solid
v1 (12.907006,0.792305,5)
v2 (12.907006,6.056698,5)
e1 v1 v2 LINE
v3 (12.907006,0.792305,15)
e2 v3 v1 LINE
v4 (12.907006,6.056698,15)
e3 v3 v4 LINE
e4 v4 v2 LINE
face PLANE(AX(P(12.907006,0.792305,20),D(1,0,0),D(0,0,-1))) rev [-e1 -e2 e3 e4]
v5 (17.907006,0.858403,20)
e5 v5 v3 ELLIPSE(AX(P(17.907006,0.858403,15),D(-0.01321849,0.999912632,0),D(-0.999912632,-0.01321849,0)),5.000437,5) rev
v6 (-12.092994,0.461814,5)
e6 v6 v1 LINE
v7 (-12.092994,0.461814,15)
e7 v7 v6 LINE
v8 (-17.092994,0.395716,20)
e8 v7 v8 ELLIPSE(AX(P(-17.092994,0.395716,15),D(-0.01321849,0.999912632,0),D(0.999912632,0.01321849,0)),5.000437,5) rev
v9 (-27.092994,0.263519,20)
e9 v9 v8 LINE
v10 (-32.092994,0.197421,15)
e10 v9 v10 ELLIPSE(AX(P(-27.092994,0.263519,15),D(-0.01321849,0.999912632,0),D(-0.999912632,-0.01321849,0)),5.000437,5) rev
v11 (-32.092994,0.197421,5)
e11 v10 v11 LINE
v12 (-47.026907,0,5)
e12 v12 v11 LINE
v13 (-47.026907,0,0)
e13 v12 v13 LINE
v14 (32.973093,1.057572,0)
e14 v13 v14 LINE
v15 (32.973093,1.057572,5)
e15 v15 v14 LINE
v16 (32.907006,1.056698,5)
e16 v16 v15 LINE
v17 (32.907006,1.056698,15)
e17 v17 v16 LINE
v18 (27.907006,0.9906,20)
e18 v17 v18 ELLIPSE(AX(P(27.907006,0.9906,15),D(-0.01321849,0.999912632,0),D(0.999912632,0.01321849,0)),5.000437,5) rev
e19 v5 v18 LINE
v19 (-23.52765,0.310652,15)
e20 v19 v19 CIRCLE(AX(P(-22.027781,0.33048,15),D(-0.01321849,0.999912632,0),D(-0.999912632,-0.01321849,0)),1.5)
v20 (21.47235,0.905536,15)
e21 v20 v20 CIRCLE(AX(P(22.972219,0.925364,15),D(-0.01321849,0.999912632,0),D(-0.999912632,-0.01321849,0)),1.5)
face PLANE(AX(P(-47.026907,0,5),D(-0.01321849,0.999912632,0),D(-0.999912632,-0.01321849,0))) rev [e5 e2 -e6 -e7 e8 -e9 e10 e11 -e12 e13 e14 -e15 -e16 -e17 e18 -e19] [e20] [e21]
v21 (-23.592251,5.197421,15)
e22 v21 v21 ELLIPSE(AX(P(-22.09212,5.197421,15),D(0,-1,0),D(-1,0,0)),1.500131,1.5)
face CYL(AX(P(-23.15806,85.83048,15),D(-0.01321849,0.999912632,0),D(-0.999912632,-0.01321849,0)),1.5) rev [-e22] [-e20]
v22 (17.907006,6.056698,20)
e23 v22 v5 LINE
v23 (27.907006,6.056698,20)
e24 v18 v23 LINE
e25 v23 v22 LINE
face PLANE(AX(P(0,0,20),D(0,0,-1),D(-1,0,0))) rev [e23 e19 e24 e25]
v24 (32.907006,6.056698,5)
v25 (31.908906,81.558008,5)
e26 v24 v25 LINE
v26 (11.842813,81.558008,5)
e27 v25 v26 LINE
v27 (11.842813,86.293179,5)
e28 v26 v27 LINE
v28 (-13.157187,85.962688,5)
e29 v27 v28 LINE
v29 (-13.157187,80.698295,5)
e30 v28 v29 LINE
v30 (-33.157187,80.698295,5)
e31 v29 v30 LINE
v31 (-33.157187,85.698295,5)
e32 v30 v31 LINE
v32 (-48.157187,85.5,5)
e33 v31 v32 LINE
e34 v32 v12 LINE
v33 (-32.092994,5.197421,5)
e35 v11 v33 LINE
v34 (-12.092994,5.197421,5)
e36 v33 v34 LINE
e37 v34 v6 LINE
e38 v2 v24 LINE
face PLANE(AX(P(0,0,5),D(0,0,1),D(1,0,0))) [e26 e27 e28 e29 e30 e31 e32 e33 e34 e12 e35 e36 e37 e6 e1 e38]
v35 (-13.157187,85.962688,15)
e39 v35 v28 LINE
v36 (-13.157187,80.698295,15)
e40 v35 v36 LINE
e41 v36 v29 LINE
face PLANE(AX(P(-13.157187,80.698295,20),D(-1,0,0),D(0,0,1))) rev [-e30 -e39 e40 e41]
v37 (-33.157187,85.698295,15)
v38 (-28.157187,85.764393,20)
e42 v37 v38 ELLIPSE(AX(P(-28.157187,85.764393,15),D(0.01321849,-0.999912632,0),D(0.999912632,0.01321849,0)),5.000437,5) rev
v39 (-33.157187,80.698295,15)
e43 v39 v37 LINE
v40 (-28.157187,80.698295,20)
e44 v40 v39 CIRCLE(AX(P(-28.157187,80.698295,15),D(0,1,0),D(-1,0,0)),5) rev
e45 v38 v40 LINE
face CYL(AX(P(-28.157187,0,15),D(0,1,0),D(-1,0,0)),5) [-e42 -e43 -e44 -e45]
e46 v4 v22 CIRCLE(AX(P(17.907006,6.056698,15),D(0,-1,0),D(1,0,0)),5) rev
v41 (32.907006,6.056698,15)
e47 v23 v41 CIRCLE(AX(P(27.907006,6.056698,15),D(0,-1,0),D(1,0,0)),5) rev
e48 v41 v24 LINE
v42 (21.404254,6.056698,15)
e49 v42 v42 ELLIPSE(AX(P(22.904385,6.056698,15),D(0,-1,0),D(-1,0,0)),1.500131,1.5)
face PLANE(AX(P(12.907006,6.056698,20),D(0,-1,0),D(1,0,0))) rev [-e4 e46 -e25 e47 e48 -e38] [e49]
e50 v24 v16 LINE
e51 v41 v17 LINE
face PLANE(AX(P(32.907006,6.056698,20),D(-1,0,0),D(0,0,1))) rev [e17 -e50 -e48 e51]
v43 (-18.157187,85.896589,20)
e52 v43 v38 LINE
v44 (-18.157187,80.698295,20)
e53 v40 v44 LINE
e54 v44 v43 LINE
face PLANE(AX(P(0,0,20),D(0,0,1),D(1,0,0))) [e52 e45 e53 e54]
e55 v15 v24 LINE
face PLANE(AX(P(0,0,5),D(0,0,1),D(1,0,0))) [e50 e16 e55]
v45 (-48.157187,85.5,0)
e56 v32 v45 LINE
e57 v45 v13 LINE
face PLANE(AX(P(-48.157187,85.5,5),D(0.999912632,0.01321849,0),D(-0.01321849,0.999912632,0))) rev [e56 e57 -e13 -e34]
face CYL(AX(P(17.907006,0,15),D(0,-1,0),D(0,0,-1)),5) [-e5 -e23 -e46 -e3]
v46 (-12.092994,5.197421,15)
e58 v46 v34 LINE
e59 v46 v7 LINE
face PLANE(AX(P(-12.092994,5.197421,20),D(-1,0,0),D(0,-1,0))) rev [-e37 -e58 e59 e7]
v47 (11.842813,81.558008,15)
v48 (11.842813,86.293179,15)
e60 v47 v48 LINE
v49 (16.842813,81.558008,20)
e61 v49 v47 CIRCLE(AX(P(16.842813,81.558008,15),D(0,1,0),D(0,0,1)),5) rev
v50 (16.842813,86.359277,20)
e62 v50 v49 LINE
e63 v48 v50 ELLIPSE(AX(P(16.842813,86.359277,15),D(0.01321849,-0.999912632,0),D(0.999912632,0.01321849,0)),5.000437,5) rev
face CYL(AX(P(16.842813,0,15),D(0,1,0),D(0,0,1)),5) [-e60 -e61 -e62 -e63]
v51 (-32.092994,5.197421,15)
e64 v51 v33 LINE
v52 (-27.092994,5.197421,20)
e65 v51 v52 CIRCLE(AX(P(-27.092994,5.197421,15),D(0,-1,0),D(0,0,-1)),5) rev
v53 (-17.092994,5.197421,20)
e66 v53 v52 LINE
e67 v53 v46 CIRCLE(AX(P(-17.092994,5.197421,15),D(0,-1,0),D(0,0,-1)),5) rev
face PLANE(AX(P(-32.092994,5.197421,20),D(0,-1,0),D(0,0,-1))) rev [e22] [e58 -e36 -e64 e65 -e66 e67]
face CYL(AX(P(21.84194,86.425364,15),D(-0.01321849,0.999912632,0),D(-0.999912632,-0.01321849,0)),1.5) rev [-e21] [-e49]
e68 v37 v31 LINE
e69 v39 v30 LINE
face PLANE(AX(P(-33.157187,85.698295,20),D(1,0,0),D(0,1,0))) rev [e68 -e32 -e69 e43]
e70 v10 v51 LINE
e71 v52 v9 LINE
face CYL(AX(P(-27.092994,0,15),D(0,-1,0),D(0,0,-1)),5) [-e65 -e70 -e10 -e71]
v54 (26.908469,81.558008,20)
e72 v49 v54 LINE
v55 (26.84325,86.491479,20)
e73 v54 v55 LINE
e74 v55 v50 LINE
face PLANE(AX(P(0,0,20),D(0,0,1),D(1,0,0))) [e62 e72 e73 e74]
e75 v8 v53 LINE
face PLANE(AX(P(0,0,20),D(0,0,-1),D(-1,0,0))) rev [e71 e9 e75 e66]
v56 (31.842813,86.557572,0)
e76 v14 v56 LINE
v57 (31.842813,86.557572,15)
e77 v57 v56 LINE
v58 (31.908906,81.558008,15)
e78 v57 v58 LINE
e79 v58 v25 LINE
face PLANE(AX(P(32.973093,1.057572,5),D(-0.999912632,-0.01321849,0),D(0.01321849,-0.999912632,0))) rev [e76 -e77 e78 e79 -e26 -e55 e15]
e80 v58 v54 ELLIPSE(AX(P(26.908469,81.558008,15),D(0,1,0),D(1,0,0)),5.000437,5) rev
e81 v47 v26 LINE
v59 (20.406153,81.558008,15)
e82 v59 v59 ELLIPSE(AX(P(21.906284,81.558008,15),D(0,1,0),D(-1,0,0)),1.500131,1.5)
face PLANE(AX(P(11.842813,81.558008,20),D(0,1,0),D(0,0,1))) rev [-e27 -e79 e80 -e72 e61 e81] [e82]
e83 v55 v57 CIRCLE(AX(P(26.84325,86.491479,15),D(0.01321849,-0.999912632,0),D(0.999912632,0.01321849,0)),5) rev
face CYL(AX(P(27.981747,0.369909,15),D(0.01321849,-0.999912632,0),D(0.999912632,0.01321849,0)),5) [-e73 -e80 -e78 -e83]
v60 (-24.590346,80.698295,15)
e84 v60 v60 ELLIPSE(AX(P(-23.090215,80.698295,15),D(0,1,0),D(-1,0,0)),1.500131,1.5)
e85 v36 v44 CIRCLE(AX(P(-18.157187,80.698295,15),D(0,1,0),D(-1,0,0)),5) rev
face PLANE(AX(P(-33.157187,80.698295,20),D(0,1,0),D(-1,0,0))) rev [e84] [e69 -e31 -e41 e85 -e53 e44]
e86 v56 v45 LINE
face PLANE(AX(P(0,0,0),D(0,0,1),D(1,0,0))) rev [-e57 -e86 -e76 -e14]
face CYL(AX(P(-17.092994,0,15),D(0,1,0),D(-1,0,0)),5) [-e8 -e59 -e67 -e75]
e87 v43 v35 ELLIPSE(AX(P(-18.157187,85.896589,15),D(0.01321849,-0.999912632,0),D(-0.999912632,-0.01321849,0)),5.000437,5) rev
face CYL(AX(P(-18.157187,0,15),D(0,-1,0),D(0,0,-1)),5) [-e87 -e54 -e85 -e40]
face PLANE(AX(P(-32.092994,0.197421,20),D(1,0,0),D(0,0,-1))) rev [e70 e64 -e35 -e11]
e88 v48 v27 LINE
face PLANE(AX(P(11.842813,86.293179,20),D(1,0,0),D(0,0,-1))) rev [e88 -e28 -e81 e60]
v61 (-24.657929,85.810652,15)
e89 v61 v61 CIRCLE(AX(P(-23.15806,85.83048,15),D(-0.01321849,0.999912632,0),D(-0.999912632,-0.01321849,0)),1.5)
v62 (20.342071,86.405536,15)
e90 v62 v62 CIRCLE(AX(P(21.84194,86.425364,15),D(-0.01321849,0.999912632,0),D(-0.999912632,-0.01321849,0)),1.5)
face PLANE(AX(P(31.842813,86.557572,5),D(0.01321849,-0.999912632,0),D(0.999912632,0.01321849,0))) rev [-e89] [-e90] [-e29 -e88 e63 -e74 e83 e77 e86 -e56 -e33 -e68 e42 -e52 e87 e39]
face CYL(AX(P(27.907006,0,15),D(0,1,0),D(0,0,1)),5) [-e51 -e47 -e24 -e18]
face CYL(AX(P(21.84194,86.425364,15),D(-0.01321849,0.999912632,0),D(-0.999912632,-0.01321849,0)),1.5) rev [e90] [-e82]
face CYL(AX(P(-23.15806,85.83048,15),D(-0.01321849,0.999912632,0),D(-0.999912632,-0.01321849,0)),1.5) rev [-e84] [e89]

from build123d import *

# Parameters (mm, degrees)
BOSS_EXTRUDE1_DEPTH      = 5
BOSS_EXTRUDE2_DEPTH      = 20
FILLET1_R                = 5
F_3_0_3_DIAMETER_HOLE1_D = 3


with BuildPart() as part:
    # Sketch1 → Boss-Extrude1 (new body)
    with BuildSketch(Plane.XY):
        Polygon((-47.026906911, 0), (32.973093089, 1.057571587), (31.842813456, 86.557571587), (-48.157186544, 85.5), align=None)
    extrude(amount=BOSS_EXTRUDE1_DEPTH)

    # Sketch2 → Boss-Extrude2 (add)
    with BuildSketch(Plane.XY):
        Polygon((-33.157186544, 85.698294672), (-33.157186544, 80.698294672), (-13.157186544, 80.698294672), (-13.157186544, 85.962687569), align=None)
        Polygon((11.842813456, 86.29317869), (11.842813456, 81.558008427), (31.908905905, 81.558008427), (31.842813456, 86.557571587), align=None)
        Polygon((-32.092993586, 0.19742103), (-32.092993586, 5.19742103), (-12.092993586, 5.19742103), (-12.092993586, 0.461813927), align=None)
        Polygon((12.907006414, 0.792305048), (12.907006414, 6.056697944), (32.907006414, 6.056697944), (32.907006414, 1.056697944), align=None)
    extrude(amount=BOSS_EXTRUDE2_DEPTH)

    # Fillet1
    fillet1_edges = [part.edges().sort_by_distance(p)[0] for p in [
        (-33.157186544, 83.198294672, 20),
        (-13.157186544, 83.330491121, 20),
        (31.87585968, 84.057790007, 20),
        (11.842813456, 83.925593558, 20),
        (-12.092993586, 2.829617478, 20),
        (-32.092993586, 2.69742103, 20),
        (32.907006414, 3.556697944, 20),
        (12.907006414, 3.424501496, 20),
    ]]
    fillet(fillet1_edges, radius=FILLET1_R)

    # Ø3.0 (3) Diameter Hole1 (through all)
    with Locations(Plane(origin=(-1.138496573, 86.121570382, 0), x_dir=(0.9999126319463549, 0.013218489857519894, 0), z_dir=(-0.013218489857519894, 0.9999126319463549, 0))):
        with Locations((-22.021487627, -15), (22.982444279, -15)):
            Hole(F_3_0_3_DIAMETER_HOLE1_D / 2)


solid = part.part
